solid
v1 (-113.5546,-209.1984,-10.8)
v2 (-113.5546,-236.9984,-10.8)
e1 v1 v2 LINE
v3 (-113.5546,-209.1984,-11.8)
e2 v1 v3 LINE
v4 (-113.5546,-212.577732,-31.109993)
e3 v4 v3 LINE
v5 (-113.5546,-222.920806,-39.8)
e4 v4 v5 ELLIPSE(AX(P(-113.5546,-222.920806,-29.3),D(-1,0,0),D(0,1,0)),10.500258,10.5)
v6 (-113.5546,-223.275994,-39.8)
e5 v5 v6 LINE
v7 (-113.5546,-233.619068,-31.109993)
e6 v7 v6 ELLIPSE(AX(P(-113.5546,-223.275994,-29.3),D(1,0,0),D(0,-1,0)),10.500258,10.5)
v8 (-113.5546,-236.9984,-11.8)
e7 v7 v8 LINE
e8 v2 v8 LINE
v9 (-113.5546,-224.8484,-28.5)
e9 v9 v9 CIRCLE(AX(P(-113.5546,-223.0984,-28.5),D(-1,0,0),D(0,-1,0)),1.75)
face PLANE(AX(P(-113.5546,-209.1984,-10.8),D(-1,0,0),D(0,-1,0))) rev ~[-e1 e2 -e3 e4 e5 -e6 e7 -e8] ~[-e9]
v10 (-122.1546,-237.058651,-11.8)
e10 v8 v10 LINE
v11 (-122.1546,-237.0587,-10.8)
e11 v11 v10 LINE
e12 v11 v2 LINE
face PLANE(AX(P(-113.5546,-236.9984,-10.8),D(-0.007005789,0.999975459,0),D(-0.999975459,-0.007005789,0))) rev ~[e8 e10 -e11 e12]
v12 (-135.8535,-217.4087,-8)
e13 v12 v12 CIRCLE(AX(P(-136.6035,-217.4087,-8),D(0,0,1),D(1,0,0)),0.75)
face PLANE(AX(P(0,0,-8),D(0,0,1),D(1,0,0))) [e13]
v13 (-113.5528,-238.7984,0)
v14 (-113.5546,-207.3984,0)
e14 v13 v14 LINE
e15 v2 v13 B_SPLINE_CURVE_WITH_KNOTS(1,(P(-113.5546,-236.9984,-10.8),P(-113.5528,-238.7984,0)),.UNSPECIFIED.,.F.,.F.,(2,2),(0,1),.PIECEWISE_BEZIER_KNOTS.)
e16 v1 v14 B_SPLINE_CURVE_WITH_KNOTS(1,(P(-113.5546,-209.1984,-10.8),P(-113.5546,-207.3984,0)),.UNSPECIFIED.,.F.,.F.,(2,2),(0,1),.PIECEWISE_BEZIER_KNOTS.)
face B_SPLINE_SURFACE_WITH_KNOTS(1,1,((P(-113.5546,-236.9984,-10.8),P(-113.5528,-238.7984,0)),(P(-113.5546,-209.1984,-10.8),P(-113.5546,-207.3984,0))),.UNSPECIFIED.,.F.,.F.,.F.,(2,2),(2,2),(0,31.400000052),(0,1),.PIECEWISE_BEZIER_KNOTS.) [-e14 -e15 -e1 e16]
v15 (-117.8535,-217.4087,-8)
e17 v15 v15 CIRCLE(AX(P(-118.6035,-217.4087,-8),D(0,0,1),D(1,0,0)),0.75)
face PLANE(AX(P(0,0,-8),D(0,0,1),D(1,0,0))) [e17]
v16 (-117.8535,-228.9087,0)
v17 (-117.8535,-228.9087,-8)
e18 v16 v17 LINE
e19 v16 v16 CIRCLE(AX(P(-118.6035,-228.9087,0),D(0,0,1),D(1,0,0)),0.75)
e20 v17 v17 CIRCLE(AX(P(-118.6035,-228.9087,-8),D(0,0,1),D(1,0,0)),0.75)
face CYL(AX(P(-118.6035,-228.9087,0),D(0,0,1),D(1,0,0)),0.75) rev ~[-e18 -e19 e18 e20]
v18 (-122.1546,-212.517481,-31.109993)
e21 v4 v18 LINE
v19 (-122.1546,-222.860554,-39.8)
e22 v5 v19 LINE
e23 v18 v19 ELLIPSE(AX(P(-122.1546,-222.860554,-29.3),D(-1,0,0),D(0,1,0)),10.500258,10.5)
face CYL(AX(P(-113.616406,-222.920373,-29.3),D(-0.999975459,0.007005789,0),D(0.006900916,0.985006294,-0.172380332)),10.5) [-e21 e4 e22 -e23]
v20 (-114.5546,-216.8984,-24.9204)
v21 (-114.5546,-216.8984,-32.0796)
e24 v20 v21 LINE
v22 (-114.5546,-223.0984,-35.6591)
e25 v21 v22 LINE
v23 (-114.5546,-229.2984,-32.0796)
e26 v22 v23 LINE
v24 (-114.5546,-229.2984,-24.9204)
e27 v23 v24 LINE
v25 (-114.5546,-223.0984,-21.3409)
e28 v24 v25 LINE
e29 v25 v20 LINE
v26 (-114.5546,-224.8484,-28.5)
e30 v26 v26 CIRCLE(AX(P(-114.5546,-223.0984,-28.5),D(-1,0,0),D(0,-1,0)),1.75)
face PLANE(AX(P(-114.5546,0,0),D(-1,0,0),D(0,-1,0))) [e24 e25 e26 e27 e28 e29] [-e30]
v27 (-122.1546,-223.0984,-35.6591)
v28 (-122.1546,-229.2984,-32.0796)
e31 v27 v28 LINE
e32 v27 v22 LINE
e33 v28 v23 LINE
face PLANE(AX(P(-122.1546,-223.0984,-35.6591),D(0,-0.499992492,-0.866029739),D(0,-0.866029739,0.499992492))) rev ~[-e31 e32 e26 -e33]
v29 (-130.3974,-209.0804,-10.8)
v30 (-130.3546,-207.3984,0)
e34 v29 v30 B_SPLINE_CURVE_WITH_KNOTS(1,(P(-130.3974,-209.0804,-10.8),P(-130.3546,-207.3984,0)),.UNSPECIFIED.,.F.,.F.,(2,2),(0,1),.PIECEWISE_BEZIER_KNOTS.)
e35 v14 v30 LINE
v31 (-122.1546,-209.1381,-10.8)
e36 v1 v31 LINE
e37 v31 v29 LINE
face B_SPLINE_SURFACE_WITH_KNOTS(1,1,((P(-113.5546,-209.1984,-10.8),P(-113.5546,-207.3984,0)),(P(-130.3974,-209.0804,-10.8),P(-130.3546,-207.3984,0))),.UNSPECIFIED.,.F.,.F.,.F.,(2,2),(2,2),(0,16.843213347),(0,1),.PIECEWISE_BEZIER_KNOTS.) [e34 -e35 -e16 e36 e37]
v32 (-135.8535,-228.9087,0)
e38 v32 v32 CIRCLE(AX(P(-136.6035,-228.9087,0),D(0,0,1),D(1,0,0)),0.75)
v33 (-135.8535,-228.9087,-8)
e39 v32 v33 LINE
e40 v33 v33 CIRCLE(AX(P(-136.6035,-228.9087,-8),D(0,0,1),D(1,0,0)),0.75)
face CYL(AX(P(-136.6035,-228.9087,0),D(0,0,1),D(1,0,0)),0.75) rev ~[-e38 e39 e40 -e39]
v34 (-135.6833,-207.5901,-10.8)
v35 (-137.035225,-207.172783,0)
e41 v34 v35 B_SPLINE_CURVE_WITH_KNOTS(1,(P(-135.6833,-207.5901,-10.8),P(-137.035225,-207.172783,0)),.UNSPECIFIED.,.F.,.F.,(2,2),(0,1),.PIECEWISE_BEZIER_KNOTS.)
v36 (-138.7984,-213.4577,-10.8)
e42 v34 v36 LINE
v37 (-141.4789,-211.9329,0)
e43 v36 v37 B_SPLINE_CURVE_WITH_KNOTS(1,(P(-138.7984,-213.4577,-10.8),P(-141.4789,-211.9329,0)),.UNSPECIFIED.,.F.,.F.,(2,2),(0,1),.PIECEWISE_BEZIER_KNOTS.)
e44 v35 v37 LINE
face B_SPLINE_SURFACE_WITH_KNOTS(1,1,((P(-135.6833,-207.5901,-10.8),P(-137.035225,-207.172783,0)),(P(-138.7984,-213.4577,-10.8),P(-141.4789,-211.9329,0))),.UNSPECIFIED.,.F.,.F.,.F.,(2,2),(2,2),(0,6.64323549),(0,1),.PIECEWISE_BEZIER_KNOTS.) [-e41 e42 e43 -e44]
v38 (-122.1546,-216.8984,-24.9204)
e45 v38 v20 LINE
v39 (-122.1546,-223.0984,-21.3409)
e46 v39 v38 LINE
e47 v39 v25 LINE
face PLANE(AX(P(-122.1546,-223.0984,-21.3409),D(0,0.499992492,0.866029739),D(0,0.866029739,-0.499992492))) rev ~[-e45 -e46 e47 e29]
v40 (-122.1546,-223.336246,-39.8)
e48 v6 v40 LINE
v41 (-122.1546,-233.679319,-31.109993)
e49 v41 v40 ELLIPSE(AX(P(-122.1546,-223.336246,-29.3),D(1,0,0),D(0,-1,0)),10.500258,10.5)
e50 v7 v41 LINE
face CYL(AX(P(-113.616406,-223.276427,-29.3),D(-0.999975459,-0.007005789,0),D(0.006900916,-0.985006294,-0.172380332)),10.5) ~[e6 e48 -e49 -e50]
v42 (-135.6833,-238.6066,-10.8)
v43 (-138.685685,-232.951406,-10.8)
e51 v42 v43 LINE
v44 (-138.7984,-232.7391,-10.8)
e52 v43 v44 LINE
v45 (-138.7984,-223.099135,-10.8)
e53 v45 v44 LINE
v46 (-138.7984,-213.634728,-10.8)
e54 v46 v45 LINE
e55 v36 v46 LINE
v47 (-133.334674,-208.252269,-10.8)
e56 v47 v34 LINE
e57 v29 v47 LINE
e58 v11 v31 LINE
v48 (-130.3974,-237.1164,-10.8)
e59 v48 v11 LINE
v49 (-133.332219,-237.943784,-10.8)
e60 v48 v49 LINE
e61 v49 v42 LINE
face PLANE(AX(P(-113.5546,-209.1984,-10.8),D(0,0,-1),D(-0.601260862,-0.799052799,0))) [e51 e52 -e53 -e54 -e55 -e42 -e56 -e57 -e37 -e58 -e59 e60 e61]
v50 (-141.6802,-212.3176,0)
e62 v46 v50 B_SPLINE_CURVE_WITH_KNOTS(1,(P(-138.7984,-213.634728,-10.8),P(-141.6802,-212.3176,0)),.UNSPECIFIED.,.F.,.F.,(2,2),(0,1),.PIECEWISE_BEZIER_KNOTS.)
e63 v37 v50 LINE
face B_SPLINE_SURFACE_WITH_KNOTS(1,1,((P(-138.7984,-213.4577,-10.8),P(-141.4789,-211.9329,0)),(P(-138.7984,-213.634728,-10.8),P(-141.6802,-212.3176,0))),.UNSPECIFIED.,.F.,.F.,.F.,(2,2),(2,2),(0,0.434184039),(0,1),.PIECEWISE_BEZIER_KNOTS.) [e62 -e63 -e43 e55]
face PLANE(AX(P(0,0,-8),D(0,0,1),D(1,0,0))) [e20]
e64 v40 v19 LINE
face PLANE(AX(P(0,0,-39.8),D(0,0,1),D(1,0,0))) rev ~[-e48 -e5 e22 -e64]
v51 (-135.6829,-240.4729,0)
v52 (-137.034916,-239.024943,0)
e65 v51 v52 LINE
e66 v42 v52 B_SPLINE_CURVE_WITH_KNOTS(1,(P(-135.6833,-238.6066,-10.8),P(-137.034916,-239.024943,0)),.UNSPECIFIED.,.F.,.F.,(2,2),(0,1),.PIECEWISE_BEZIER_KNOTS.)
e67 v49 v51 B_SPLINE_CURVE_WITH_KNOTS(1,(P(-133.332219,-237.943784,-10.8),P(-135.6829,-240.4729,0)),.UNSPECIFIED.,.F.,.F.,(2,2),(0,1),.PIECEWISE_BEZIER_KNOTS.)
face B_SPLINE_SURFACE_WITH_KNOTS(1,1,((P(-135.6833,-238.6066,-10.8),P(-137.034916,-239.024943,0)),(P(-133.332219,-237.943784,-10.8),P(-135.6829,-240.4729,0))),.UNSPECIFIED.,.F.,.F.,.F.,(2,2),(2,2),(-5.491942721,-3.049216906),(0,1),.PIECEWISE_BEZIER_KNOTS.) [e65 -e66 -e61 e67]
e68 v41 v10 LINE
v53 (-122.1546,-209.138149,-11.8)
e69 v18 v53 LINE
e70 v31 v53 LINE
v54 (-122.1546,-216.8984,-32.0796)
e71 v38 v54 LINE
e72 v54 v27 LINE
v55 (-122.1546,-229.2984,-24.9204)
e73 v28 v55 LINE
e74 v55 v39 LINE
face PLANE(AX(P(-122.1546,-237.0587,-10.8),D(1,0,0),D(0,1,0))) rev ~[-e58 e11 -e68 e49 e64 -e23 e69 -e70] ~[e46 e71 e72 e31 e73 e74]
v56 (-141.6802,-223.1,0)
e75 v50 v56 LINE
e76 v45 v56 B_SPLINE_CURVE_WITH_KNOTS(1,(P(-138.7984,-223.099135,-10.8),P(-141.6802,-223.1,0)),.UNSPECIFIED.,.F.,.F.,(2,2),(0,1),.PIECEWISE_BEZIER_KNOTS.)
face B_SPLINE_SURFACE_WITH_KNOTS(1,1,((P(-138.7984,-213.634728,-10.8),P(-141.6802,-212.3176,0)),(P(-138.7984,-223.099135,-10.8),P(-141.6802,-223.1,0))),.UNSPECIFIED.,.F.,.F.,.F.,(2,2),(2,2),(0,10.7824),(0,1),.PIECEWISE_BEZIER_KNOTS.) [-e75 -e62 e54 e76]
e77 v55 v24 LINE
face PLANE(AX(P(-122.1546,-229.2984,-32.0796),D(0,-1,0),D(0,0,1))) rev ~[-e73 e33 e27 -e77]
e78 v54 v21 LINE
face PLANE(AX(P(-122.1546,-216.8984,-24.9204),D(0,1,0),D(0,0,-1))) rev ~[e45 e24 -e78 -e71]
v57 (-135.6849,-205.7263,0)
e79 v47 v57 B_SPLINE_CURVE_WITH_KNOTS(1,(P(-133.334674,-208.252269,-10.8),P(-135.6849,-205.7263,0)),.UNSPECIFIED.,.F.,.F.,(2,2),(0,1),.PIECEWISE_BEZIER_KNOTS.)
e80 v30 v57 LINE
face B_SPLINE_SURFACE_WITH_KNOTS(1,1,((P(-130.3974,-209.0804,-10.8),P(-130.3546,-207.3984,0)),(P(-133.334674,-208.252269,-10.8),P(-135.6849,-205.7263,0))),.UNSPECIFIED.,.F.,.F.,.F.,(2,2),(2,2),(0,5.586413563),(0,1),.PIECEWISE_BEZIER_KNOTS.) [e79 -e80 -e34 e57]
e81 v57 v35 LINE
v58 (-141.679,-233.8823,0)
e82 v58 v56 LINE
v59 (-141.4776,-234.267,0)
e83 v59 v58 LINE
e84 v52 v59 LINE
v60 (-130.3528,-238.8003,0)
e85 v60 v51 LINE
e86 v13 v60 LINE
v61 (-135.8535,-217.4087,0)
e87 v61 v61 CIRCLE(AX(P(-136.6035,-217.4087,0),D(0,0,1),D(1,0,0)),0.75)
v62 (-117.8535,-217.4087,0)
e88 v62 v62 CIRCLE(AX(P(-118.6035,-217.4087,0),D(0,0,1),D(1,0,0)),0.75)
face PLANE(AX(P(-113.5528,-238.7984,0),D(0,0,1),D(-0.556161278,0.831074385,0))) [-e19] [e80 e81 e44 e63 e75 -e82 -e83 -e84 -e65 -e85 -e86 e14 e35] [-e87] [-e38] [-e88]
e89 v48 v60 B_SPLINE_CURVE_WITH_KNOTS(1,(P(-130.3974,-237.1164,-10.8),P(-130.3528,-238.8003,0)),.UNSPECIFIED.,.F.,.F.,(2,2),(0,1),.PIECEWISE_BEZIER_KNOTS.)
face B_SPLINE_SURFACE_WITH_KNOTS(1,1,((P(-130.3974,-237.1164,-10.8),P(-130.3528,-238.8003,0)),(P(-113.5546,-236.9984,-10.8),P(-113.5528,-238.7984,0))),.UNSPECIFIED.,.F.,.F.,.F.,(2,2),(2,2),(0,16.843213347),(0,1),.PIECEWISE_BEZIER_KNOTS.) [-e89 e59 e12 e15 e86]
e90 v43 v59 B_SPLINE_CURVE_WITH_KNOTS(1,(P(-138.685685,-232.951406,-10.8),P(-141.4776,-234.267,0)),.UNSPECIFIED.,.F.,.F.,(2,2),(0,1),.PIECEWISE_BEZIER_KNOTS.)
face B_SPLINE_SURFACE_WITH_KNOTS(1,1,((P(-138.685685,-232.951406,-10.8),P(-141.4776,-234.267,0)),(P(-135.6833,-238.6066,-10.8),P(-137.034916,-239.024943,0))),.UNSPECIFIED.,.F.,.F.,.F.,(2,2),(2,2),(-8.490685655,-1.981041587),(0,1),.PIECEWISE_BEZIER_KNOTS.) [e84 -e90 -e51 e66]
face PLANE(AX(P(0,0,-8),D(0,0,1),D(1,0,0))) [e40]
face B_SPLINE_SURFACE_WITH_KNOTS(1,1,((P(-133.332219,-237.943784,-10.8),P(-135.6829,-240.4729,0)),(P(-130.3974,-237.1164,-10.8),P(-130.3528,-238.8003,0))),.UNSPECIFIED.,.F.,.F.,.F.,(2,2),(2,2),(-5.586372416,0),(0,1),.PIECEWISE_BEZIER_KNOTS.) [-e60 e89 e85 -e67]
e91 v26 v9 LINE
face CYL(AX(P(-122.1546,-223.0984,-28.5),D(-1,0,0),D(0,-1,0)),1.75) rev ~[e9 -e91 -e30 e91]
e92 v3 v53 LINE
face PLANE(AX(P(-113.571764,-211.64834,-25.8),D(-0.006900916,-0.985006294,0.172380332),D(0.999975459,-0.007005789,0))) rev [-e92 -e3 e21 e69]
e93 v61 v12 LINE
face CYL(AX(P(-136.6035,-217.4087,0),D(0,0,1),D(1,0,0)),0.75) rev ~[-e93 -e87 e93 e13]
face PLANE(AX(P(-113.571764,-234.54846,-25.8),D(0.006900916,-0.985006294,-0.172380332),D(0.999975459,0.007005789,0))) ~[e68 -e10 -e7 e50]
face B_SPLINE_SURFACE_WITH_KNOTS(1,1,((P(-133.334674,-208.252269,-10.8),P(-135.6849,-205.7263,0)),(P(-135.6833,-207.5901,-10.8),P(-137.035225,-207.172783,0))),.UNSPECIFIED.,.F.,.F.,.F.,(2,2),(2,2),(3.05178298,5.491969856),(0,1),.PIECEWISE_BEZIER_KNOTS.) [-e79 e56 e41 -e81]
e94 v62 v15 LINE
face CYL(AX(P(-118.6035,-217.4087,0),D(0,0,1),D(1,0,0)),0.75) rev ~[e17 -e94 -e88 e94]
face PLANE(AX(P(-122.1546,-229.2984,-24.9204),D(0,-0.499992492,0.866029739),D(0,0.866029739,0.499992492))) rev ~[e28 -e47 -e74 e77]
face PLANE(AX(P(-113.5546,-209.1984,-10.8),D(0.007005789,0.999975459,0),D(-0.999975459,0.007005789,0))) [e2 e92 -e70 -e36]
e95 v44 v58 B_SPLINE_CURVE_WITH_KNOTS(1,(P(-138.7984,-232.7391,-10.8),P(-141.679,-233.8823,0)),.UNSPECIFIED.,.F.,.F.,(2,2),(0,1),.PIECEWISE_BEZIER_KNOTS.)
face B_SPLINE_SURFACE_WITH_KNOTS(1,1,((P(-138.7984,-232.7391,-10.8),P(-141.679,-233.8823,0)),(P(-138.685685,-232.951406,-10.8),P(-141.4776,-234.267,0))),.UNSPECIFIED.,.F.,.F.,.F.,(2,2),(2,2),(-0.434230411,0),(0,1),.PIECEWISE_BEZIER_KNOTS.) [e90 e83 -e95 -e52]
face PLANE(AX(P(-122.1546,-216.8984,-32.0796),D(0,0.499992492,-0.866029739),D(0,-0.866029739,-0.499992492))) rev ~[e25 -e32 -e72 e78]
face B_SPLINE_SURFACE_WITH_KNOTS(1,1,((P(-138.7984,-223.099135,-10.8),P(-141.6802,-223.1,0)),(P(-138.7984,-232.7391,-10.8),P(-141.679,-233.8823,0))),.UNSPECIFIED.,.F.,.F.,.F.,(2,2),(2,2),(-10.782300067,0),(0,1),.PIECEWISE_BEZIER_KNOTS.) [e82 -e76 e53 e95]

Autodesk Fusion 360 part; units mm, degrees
sketch "Support moteur/Cam" plane through (0, 0, 0) normal (0, 0, 1) x (1, 0, 0)
  line L0 (-113.5546, -207.3984) -> (-130.3546, -207.3984)
  line L1 (-130.3546, -207.3984) -> (-135.6849, -205.7263)
  line L2 (-135.6849, -205.7263) -> (-141.4789, -211.9329)
  line L3 (-141.4789, -211.9329) -> (-141.6802, -212.3176)
  line L4 (-141.6802, -212.3176) -> (-141.6802, -223.1)
  line L5 (-113.5528, -238.7984) -> (-130.3528, -238.8003)
  line L6 (-130.3528, -238.8003) -> (-135.6829, -240.4729)
  line L7 (-141.4776, -234.267) -> (-141.679, -233.8823)
  line L8 (-141.679, -233.8823) -> (-141.6802, -223.1)
  line L9 (-135.6829, -240.4729) -> (-141.4776, -234.267)
  circle A0 centre (-136.6035, -217.4087) radius 0.75
  circle A1 centre (-118.6035, -217.4087) radius 0.75
  circle A2 centre (-136.6035, -228.9087) radius 0.75
  circle A3 centre (-118.6035, -228.9087) radius 0.75
  line L10 (-113.5546, -207.3984) -> (-113.5528, -238.7984)
  line L11 (-141.6802, -223.1) -> (-113.5537, -223.0984)
  point P0 (-136.6035, -217.4087)
  point P1 (-118.6035, -217.4087)
  point P2 (-118.6035, -228.9087)
  point P3 (-136.6035, -228.9087)
  dimension "d217" = 16.8
  dimension "d227" = 1.5
  dimension "d228" = 1.5
  dimension "d229" = 1.5
  dimension "d230" = 1.5
ref_plane "WorkPlane9" through (0, 0, -10.8) normal (0, 0, 1) x (1, 0, 0)
sketch "Support moteur/Cam2" plane through (0, 0, -10.8) normal (0, 0, 1) x (1, 0, 0)
  line L0 (-113.5546, -236.9984) -> (-130.3974, -237.1164)
  line L1 (-130.3974, -237.1164) -> (-135.6833, -238.6066)
  line L2 (-135.6833, -238.6066) -> (-138.7984, -232.7391)
  line L3 (-138.7984, -223.0984) -> (-138.7984, -232.7391)
  line L4 (-138.7984, -223.0984) -> (-138.7984, -213.4577)
  line L5 (-135.6833, -207.5901) -> (-138.7984, -213.4577)
  line L6 (-130.3974, -209.0804) -> (-135.6833, -207.5901)
  line L7 (-113.5546, -209.1984) -> (-130.3974, -209.0804)
  line L8 (-122.1546, -237.0587) -> (-122.1546, -209.1381)
  line L9 (-113.5546, -209.1984) -> (-113.5546, -236.9984)
  line L10 (-138.7984, -223.0984) -> (-113.5546, -223.0984) construction
  dimension "d221" = 8.6
loft "Loft1" add profiles "Support moteur/Cam2", "Support moteur/Cam" section 1 section 2 contours L0 L1 L2 L3 L4 L10 L11 | L5 L6 L7 L8 L9 L10 L11 | A0 | A1
extrude "Support Moteur/Cam" cut sketch "Support moteur/Cam" against normal blind 8 contours A0 | A1 | A2 | A3
extrude "Extrude10" add sketch "Support moteur/Cam2" against normal blind 29 contours L0 L7 L8 L9
chamfer "Chamfer3" distance 4.9 distance2 28 2 edges at (-117.8546, -209.1683, -39.8) (-117.8546, -237.0285, -39.8) measured on face at (-119.2879, -218.4651, -39.8) measured on face at (-119.2879, -218.4651, -39.8)
fillet "Fillet1" radius 10.5 2 edges at (-117.8546, -232.1284, -39.8) (-117.8546, -214.0684, -39.8)
sketch "Support moteur/Cam3" plane through (-122.1546, 0, 0) normal (-1, 0, 0) x (0, -1, 0)
  ellipse E0 centre (222.8605, -29.3) end of major axis (212.3603, -29.3) minor radius 10.5 (212.5175, -31.11) -> (222.8605, -39.8) ccw
  line L0 (222.8605, -39.8) -> (223.3362, -39.8)
  ellipse E1 centre (223.3362, -29.3) end of major axis (233.8365, -29.3) minor radius 10.5 (223.3362, -39.8) -> (233.6793, -31.11) ccw
  line L1 (233.6793, -31.11) -> (237.0587, -11.8)
  line L2 (237.0587, -11.8) -> (237.0587, -10.8)
  line L3 (237.0587, -10.8) -> (209.1381, -10.8)
  line L4 (209.1381, -10.8) -> (209.1381, -11.8)
  line L5 (209.1381, -11.8) -> (212.5175, -31.11)
  line L6 (223.0984, -10.8) -> (223.0984, -28.5) construction
  line L7 (229.2984, -32.0796) -> (229.2984, -24.9204)
  line L8 (229.2984, -24.9204) -> (223.0984, -21.3409)
  line L9 (223.0984, -21.3409) -> (216.8984, -24.9204)
  line L10 (216.8984, -24.9204) -> (216.8984, -32.0796)
  line L11 (216.8984, -32.0796) -> (223.0984, -35.6591)
  line L12 (223.0984, -35.6591) -> (229.2984, -32.0796)
  circle A0 centre (223.0984, -28.5) radius 1.75
  line L13 (223.0984, -10.8) -> (223.0984, -33.8) construction
  circle A1 centre (223.0984, -33.8) radius 1.6 construction
  circle A2 centre (223.0984, -33.8) radius 3.1 construction
  line L14 (217.8116, -36.9) -> (223.0984, -36.9) construction
  line L15 (221.2654, -36.3) -> (224.9314, -36.3)
  circle A3 centre (223.0984, -33.8) radius 4.1 construction
  point P0 (223.0984, -28.5)
  dimension "d233" = 17.7
  dimension "d235" = 12.4
  dimension "d236" = 3.5
  dimension "d380" = 23
  dimension "d381" = 3.2
  dimension "d382" = 6.2
  dimension "d383" = 0.6
  dimension "d384" = 8.2
  dimension "d395" = 9
extrude "Extrude12" cut sketch "Support moteur/Cam3" against normal through all contours A0
extrude "Extrude13" cut sketch "Support moteur/Cam3" against normal blind 7.6 contours L7 L8 L9 L10 L11 L12
extrude "Extrude19" [suppressed]
fillet "Fillet2" [suppressed]
equation "Trous_Vis_diam2 = 2.2 mm"
